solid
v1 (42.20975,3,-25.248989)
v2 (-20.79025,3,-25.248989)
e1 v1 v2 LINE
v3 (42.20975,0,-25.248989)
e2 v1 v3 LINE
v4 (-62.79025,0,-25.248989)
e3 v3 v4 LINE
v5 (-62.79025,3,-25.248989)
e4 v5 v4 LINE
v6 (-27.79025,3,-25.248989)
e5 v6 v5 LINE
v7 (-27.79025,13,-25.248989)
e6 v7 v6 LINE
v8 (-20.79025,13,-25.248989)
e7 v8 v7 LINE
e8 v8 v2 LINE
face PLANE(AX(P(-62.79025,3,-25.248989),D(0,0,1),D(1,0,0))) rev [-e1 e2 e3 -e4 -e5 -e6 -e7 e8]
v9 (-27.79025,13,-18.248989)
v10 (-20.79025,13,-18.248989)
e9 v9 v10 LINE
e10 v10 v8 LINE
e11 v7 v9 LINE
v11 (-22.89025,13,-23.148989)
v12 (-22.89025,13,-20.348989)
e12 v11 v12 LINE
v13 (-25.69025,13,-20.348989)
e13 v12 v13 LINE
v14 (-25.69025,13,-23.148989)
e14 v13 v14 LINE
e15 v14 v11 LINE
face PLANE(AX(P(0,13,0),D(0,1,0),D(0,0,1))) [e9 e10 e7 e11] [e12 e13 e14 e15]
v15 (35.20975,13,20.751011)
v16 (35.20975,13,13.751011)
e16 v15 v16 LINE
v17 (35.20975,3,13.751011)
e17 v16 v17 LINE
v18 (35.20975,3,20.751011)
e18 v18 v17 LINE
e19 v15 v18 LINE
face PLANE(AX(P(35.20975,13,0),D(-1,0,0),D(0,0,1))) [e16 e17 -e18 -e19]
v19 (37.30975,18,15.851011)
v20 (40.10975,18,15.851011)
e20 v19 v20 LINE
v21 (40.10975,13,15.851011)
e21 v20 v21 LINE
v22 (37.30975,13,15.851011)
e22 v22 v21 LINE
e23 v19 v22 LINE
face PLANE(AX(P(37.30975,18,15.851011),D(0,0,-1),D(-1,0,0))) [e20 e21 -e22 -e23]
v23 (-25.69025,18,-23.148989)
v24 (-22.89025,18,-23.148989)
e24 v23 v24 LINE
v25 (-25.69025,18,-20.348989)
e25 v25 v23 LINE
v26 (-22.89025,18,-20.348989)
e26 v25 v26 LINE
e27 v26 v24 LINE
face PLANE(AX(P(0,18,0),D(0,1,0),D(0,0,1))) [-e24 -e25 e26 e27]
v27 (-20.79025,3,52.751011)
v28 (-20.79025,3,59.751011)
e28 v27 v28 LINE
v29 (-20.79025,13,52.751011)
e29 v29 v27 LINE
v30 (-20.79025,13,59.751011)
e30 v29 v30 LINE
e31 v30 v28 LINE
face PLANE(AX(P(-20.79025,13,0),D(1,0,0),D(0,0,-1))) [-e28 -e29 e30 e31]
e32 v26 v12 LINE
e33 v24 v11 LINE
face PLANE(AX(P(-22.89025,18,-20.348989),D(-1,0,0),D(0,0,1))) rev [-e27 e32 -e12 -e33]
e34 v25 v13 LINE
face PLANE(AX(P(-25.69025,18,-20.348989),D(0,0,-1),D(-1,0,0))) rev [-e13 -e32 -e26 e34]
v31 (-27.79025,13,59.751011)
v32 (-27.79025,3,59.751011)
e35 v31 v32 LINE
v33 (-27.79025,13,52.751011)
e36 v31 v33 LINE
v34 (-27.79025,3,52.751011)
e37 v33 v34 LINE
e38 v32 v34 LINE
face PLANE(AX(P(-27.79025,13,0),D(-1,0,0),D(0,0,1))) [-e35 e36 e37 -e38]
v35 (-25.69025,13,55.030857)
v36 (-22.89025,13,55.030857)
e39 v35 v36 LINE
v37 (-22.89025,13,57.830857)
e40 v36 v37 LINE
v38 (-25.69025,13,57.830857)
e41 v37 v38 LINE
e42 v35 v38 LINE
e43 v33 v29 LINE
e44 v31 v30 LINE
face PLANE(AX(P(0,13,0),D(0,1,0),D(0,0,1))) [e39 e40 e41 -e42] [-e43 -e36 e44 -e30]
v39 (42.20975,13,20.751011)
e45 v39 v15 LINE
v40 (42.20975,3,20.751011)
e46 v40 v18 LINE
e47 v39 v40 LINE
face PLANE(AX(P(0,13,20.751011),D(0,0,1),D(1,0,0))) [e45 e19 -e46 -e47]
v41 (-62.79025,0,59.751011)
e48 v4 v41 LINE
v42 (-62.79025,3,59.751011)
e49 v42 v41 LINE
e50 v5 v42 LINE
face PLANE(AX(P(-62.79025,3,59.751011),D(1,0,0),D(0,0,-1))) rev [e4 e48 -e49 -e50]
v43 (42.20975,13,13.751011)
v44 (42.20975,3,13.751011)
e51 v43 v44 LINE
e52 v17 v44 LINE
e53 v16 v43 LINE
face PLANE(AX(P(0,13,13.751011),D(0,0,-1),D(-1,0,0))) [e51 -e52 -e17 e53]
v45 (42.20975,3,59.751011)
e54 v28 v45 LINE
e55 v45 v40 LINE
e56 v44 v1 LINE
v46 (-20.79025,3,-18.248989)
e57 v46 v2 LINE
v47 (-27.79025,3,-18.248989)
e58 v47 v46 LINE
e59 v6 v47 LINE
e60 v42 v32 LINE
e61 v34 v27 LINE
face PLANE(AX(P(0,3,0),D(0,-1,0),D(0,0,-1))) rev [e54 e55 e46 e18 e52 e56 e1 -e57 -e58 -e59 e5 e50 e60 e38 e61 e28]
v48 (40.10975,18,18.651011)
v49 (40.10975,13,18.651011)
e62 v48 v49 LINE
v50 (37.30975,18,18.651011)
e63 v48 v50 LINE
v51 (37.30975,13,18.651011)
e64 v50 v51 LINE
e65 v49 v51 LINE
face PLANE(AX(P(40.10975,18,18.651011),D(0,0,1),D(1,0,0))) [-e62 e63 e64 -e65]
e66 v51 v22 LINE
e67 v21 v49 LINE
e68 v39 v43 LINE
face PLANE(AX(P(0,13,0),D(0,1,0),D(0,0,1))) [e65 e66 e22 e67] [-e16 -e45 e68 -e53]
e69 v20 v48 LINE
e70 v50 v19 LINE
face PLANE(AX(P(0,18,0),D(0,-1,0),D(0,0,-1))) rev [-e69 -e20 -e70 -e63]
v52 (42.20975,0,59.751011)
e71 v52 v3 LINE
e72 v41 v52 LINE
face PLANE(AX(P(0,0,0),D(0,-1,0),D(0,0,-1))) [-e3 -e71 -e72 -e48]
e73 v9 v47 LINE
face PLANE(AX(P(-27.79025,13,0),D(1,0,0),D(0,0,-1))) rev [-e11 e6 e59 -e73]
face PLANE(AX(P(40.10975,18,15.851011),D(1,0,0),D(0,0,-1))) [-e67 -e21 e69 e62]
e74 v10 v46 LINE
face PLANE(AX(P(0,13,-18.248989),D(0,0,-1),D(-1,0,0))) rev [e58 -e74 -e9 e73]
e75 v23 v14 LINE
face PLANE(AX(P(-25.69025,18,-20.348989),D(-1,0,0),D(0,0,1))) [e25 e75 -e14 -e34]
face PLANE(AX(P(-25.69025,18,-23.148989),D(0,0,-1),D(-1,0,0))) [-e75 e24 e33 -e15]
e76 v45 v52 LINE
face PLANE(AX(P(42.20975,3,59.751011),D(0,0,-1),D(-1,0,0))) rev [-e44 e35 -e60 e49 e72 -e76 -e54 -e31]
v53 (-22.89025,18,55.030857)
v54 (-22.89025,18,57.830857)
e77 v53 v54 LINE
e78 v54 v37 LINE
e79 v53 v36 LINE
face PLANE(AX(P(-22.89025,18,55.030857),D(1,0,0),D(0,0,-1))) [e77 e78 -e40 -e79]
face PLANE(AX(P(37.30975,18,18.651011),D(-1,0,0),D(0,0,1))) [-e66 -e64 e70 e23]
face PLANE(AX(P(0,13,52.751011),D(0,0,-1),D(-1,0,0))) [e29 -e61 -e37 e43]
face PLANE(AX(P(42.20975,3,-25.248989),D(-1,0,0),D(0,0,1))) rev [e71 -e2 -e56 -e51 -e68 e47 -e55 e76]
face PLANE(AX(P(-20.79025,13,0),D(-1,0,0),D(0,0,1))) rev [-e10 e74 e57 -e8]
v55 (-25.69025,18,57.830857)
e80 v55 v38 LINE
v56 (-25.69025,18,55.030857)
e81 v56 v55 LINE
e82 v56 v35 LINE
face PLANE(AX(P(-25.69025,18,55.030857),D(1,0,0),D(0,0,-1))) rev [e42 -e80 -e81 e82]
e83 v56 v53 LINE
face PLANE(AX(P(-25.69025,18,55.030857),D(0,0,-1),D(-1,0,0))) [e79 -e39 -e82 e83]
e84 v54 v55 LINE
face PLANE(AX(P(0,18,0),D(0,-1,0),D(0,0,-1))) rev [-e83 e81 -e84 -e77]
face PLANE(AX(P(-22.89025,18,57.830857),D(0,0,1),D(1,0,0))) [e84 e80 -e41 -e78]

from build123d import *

# Parameters (mm, degrees)
SKETCH1_W            = 105
SKETCH1_H            = 85
BOSS_EXTRUDE1_DEPTH  = 3
SKETCH2_W            = 2.8
SKETCH2_H            = 2.8
BOSS_EXTRUDE2_DEPTH  = 15
SKETCH2_7_W          = 7
SKETCH2_7_H          = 7
SKETCH2_7_W_2        = 2.8
SKETCH2_7_H_2        = 2.8
BOSS_EXTRUDE3_DEPTH  = 10
SKETCH4_W            = 2.8
SKETCH4_H            = 2.8
BOSS_EXTRUDE7_DEPTH  = 15
SKETCH8_W            = 7
SKETCH8_H            = 7
SKETCH8_W_2          = 2.8
SKETCH8_H_2          = 2.8
BOSS_EXTRUDE8_DEPTH  = 10
SKETCH9_W            = 2.8
SKETCH9_H            = 2.8
BOSS_EXTRUDE9_DEPTH  = 15
SKETCH10_W           = 7
SKETCH10_H           = 7
SKETCH10_W_2         = 2.8
SKETCH10_H_2         = 2.8
BOSS_EXTRUDE10_DEPTH = 10


with BuildPart() as part:
    # Sketch1 → Boss-Extrude1 (new body)
    with BuildSketch(Plane(origin=(0, 0, 0), x_dir=(1, 0, 0), z_dir=(0, 1, 0))):
        with Locations((-10.290249703, -17.251010702)):
            Rectangle(SKETCH1_W, SKETCH1_H)
    extrude(amount=BOSS_EXTRUDE1_DEPTH)

    # Sketch2 → Boss-Extrude2 (add)
    with BuildSketch(Plane(origin=(0, 3, 0), x_dir=(1, 0, 0), z_dir=(0, 1, 0))):
        with Locations((-24.290249703, -56.430856566)):
            Rectangle(SKETCH2_W, SKETCH2_H)
    extrude(amount=BOSS_EXTRUDE2_DEPTH)

    # Sketch2<7> → Boss-Extrude3 (add)
    with BuildSketch(Plane(origin=(0, 3, 0), x_dir=(1, 0, 0), z_dir=(0, 1, 0))):
        with Locations((-24.290249703, -56.251010702)):
            Rectangle(SKETCH2_7_W, SKETCH2_7_H)
        with Locations((-24.290249703, -56.430856566)):
            Rectangle(SKETCH2_7_W_2, SKETCH2_7_H_2, mode=Mode.SUBTRACT)
    extrude(amount=BOSS_EXTRUDE3_DEPTH)

    # Sketch4 → Boss-Extrude7 (add)
    with BuildSketch(Plane(origin=(0, 3, 0), x_dir=(1, 0, 0), z_dir=(0, 1, 0))):
        with Locations((-24.290249703, 21.748989298)):
            Rectangle(SKETCH4_W, SKETCH4_H)
    extrude(amount=BOSS_EXTRUDE7_DEPTH)

    # Sketch8 → Boss-Extrude8 (add)
    with BuildSketch(Plane(origin=(0, 3, 0), x_dir=(1, 0, 0), z_dir=(0, 1, 0))):
        with Locations((-24.290249703, 21.748989298)):
            Rectangle(SKETCH8_W, SKETCH8_H)
        with Locations((-24.290249703, 21.748989298)):
            Rectangle(SKETCH8_W_2, SKETCH8_H_2, mode=Mode.SUBTRACT)
    extrude(amount=BOSS_EXTRUDE8_DEPTH)

    # Sketch9 → Boss-Extrude9 (add)
    with BuildSketch(Plane(origin=(0, 3, 0), x_dir=(1, 0, 0), z_dir=(0, 1, 0))):
        with Locations((38.709750297, -17.251010702)):
            Rectangle(SKETCH9_W, SKETCH9_H)
    extrude(amount=BOSS_EXTRUDE9_DEPTH)

    # Sketch10 → Boss-Extrude10 (add)
    with BuildSketch(Plane(origin=(0, 3, 0), x_dir=(1, 0, 0), z_dir=(0, 1, 0))):
        with Locations((38.709750297, -17.251010702)):
            Rectangle(SKETCH10_W, SKETCH10_H)
        with Locations((38.709750297, -17.251010702)):
            Rectangle(SKETCH10_W_2, SKETCH10_H_2, mode=Mode.SUBTRACT)
    extrude(amount=BOSS_EXTRUDE10_DEPTH)


solid = part.part
